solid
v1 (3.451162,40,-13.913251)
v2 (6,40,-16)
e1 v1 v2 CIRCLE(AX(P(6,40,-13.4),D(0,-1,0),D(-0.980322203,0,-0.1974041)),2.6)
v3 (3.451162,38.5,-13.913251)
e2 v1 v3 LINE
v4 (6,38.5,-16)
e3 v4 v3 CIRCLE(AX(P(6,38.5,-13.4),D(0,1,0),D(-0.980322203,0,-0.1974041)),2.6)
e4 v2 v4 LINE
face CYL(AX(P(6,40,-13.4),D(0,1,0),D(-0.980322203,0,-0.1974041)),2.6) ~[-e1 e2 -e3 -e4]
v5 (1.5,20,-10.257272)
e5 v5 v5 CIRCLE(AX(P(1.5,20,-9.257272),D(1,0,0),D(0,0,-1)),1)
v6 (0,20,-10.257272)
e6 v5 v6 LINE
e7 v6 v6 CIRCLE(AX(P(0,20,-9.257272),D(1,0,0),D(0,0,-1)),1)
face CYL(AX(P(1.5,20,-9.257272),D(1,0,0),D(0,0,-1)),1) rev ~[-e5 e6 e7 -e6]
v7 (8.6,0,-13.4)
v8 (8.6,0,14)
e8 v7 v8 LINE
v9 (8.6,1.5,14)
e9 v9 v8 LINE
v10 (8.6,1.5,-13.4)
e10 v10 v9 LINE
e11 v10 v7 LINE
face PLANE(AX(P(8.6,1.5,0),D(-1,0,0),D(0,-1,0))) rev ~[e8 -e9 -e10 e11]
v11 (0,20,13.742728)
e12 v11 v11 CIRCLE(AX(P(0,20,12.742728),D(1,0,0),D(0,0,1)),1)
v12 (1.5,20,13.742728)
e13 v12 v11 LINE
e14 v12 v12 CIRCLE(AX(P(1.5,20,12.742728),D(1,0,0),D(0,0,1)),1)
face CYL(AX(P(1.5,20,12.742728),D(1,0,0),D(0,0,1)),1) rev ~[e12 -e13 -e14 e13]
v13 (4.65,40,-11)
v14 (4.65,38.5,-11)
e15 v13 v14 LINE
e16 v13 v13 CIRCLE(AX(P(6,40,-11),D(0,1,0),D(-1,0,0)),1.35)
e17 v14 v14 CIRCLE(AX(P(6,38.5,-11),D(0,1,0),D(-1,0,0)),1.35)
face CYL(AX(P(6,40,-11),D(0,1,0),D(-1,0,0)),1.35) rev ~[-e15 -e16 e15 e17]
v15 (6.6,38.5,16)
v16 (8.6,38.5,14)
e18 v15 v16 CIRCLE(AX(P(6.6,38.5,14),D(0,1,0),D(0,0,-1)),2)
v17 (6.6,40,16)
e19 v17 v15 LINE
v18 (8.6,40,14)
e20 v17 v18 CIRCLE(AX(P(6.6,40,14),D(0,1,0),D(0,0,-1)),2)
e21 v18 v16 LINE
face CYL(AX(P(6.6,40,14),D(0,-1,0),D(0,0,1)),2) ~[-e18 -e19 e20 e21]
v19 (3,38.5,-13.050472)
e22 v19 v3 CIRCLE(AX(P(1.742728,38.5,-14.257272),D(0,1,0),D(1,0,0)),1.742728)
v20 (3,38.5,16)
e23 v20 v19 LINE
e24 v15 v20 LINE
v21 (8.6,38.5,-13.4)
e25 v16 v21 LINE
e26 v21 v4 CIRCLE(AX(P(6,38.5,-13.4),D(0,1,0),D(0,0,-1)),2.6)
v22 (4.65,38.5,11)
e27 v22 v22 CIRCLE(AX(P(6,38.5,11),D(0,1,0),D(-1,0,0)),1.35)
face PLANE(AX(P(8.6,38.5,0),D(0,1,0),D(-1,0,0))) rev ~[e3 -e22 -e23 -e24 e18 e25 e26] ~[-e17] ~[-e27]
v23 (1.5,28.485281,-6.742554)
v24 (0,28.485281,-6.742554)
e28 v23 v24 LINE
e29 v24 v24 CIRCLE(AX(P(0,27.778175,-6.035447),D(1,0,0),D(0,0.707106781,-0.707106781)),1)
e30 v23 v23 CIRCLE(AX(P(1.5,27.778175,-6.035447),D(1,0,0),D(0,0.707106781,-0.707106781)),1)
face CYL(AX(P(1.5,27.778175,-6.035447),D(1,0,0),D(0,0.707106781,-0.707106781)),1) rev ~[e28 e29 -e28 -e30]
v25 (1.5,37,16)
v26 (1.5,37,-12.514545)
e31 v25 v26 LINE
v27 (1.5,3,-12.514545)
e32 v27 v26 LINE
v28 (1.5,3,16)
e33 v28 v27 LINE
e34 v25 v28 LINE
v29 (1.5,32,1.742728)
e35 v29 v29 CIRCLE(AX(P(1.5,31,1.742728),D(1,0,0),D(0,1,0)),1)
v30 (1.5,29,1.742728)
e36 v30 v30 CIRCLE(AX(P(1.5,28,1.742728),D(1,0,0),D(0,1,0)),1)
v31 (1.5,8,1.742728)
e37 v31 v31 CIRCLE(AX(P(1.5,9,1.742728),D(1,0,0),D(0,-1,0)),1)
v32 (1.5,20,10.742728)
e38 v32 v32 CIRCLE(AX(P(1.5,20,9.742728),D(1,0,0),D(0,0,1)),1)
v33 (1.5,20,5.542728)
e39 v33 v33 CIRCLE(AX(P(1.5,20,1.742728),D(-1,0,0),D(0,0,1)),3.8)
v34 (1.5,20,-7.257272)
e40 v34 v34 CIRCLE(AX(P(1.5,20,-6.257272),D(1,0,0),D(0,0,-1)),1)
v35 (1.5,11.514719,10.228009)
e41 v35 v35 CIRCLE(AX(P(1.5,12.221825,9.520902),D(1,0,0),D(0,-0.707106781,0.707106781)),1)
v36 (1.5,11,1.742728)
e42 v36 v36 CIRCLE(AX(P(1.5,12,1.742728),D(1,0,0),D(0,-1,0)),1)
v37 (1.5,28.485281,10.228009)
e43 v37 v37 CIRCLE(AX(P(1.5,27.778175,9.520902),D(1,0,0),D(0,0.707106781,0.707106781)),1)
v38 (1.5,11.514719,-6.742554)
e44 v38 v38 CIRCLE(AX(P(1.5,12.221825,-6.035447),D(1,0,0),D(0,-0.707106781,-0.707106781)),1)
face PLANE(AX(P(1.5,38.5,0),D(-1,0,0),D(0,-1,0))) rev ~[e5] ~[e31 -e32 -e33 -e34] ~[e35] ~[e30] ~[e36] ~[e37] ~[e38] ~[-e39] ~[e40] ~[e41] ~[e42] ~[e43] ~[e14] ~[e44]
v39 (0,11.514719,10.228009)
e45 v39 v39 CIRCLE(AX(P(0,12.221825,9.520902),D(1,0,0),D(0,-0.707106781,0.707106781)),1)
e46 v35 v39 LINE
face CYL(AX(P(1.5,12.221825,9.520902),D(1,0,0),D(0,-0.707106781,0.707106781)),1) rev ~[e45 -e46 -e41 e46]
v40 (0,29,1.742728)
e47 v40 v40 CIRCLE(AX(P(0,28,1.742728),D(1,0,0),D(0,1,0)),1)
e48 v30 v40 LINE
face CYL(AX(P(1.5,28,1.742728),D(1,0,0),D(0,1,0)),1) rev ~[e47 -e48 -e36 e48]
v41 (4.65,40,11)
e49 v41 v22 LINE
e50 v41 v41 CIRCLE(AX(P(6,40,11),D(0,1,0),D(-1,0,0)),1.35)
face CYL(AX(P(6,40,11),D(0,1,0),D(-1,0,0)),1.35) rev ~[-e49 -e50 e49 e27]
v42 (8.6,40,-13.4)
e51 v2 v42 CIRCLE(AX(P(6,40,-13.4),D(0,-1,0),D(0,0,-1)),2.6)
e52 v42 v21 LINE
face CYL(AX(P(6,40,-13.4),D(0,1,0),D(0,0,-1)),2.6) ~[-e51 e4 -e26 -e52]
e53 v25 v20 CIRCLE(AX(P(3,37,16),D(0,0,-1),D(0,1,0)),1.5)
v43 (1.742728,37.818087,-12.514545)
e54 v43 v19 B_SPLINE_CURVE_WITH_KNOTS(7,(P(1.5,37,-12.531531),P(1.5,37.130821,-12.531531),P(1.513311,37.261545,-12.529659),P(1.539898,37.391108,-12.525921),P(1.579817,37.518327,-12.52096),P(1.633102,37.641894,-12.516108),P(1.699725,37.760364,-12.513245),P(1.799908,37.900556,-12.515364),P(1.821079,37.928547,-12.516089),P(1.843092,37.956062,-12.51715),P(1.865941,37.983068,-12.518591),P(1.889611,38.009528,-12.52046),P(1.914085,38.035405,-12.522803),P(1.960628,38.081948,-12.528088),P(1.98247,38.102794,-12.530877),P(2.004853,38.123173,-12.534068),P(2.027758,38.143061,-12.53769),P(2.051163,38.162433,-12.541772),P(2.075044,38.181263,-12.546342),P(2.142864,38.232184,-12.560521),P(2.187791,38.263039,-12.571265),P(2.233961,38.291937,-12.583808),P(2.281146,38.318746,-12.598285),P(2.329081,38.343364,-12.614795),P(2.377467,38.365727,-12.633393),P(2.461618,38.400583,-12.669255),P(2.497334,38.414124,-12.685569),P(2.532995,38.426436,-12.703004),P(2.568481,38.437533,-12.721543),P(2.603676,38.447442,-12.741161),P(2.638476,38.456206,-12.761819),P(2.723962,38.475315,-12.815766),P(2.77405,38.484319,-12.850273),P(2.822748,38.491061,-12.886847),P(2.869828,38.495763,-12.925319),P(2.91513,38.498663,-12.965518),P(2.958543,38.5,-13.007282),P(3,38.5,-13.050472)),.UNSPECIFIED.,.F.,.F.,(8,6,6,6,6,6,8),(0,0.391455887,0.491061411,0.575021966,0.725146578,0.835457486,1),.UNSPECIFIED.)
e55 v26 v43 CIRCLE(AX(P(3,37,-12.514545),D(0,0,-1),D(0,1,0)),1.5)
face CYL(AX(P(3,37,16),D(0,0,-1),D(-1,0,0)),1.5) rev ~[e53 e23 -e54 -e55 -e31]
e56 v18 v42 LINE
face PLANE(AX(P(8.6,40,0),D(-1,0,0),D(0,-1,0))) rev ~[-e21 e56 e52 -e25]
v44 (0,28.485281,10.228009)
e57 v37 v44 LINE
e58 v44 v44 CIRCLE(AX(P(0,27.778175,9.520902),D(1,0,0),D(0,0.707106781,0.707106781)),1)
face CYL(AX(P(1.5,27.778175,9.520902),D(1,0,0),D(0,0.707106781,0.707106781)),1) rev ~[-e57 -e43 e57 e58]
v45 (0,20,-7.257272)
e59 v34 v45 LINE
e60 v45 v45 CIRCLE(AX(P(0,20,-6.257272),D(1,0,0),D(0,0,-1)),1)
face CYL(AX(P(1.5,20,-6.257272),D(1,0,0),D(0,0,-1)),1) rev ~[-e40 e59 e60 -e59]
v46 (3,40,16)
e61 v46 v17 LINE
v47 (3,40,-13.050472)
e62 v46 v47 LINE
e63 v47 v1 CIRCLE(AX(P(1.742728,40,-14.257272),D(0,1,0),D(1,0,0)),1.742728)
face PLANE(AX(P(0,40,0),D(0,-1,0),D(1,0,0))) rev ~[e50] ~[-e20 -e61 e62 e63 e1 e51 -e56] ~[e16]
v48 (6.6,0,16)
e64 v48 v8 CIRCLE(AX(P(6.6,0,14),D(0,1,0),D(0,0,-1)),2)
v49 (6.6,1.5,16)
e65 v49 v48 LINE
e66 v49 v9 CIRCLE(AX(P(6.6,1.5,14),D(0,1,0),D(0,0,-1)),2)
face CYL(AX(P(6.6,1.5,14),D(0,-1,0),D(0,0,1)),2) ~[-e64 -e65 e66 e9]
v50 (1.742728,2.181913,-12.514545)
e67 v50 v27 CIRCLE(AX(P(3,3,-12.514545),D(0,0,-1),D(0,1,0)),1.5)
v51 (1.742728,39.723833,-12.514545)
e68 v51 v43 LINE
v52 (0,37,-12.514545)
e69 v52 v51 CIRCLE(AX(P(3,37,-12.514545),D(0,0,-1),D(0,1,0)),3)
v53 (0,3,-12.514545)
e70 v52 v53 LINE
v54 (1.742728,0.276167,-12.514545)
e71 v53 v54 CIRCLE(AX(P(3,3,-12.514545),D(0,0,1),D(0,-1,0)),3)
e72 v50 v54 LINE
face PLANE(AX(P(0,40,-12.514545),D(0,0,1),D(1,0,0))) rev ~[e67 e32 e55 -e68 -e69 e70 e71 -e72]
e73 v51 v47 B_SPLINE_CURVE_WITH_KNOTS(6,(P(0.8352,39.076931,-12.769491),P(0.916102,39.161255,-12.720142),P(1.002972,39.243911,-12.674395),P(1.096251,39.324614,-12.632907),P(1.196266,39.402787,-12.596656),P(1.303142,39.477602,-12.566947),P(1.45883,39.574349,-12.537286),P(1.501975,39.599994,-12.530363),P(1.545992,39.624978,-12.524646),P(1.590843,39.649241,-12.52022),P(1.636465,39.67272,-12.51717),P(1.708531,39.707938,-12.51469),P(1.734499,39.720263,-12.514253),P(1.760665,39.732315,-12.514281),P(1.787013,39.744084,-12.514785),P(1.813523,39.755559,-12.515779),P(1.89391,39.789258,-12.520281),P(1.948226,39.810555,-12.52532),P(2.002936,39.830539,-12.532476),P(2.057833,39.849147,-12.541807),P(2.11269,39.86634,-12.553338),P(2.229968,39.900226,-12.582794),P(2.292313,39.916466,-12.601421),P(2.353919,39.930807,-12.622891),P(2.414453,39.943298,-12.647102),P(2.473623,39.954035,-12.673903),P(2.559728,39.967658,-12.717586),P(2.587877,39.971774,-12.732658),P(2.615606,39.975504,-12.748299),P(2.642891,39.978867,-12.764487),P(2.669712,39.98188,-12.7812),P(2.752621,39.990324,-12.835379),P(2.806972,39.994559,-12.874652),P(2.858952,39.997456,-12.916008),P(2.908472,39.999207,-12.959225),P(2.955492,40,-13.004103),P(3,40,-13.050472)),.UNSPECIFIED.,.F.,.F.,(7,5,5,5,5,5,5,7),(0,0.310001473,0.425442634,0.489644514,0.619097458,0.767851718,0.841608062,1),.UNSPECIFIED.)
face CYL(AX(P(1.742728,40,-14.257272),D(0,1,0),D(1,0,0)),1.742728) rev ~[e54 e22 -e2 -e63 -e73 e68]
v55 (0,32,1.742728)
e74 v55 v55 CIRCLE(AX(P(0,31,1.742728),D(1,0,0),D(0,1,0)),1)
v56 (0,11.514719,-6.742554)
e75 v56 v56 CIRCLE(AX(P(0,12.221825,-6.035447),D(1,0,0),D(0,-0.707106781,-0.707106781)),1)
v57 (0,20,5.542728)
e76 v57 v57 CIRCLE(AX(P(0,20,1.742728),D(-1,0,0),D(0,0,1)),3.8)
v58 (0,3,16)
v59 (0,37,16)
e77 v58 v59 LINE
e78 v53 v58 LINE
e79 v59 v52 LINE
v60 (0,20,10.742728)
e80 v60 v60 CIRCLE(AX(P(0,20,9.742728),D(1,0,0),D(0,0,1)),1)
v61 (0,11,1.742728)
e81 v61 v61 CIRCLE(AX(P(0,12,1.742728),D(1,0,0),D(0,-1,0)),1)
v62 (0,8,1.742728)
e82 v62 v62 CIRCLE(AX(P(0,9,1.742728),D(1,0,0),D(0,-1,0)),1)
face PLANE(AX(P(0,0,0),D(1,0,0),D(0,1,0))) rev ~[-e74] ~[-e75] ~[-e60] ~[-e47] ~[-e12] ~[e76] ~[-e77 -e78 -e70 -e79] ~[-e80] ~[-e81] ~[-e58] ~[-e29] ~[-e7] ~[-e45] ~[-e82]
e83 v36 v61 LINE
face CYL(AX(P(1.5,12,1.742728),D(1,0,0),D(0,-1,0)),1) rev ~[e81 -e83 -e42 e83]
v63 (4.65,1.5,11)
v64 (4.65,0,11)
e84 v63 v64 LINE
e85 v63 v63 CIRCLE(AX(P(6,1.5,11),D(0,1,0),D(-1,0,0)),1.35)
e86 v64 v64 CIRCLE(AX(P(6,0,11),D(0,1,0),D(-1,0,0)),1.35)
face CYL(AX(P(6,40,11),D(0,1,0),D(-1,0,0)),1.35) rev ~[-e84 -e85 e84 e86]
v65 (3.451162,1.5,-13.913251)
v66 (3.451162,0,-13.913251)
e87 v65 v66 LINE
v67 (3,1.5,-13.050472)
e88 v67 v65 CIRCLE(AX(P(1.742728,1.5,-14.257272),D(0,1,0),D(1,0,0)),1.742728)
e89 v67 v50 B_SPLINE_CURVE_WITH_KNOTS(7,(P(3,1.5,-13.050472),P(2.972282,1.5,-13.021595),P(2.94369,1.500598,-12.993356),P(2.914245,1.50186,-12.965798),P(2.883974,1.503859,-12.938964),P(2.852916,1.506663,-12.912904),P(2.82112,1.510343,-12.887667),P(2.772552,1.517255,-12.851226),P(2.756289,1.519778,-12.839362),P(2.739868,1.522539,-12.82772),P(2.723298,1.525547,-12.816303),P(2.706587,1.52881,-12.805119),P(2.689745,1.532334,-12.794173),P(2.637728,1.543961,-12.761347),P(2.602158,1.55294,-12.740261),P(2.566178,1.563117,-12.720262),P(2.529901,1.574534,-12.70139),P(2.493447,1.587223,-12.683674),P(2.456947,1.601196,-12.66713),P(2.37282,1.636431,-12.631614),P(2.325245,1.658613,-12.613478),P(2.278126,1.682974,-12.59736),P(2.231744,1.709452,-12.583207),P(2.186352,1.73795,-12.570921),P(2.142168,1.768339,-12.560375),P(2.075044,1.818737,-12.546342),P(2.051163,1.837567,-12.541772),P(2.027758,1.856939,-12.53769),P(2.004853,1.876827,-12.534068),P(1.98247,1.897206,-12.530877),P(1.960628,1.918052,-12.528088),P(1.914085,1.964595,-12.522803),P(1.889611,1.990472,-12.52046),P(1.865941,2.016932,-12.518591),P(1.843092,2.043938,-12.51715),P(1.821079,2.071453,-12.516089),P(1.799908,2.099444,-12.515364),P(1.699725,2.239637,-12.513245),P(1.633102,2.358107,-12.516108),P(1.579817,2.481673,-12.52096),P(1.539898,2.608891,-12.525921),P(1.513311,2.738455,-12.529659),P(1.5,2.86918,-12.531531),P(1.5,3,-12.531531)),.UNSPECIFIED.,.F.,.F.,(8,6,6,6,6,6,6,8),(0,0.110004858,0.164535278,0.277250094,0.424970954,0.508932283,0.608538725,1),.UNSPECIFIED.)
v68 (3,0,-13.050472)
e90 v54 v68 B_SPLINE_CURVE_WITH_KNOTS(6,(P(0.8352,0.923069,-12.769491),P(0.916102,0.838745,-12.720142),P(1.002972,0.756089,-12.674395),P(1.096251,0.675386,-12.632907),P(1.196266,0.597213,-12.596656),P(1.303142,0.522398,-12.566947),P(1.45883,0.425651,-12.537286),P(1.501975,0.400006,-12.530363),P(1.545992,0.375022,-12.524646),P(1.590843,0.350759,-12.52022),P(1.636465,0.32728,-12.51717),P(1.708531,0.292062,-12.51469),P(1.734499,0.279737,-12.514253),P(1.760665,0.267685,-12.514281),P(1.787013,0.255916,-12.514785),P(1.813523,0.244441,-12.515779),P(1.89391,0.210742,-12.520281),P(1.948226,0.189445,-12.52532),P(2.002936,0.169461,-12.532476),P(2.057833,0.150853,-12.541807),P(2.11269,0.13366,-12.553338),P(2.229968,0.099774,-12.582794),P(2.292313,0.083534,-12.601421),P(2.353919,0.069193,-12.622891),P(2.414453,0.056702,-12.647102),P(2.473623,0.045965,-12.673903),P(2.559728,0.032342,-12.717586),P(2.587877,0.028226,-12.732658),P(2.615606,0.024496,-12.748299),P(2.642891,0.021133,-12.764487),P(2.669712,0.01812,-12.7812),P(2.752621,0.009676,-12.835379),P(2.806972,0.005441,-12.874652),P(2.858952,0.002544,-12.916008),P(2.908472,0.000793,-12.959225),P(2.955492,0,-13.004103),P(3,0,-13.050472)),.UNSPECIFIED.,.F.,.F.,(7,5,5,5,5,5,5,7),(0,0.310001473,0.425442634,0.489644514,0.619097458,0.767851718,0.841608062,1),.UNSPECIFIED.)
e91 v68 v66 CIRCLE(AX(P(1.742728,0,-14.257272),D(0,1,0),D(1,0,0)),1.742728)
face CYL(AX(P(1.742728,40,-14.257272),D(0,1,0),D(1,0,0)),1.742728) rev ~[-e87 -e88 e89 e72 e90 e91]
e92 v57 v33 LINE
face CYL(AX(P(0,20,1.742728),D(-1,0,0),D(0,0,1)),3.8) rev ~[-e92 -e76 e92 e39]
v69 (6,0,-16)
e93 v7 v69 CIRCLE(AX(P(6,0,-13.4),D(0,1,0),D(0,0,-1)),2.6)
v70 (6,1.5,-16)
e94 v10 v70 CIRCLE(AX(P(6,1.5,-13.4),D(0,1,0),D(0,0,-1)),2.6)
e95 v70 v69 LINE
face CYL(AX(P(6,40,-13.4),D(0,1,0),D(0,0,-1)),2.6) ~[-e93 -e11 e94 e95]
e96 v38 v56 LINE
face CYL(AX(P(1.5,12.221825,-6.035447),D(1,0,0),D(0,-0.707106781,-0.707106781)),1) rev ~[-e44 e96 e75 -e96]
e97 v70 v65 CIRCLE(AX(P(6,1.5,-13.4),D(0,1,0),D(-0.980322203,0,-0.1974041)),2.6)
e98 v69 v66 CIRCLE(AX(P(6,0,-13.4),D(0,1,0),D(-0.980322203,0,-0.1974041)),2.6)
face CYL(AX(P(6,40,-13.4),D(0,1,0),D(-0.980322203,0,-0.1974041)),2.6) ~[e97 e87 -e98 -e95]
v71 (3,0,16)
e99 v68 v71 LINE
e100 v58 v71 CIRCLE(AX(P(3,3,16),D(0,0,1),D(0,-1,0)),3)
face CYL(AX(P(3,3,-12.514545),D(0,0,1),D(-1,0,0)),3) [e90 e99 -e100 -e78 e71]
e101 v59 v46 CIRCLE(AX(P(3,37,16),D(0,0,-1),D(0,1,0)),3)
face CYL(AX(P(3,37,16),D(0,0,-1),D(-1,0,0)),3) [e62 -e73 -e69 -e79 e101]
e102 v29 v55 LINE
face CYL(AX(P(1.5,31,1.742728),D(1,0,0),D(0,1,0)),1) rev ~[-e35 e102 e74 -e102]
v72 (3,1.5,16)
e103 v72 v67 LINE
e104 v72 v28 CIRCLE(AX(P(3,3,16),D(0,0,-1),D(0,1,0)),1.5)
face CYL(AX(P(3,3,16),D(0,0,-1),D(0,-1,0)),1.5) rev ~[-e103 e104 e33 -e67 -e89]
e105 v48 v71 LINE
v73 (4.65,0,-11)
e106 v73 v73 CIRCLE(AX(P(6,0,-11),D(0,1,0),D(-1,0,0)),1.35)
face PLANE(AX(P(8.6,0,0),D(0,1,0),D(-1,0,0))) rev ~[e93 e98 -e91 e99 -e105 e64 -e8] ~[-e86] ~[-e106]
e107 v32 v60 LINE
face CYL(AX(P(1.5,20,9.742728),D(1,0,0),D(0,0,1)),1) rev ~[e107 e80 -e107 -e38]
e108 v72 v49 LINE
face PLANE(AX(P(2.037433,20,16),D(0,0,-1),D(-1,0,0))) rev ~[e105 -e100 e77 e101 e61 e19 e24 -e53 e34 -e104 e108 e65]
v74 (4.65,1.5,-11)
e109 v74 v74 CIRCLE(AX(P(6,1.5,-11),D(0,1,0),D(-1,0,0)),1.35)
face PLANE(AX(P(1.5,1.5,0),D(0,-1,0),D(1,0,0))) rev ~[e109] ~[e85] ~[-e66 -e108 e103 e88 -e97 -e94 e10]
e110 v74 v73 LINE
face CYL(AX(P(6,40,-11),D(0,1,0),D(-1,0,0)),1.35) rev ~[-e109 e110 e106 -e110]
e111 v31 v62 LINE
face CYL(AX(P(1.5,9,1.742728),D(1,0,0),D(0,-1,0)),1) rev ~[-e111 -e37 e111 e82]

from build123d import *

# Parameters (mm, degrees)
BOSS_EXTRUDE1_DEPTH = 16
SKETCH2_R           = 1.35
CUT_EXTRUDE1_DEPTH  = 44.931310019
SKETCH4_R           = 1.742727666
CUT_EXTRUDE3_DEPTH  = 44.931310019
SKETCH3_R           = 3.8
CUT_EXTRUDE2_DEPTH  = 44.931310019
FILLET1_R           = 3
FILLET2_R           = 2
FILLET3_R           = 1.5
CUT_EXTRUDE4_REACH  = 45.662
SKETCH5_R           = 1
CIRPATTERN1_COUNT   = 8
SKETCH6_R           = 1
CUT_EXTRUDE5_DEPTH  = 44.662455396
CIRPATTERN2_COUNT   = 4


with BuildPart() as part:
    # Sketch1 → Boss-Extrude1 (new, symmetric)
    with BuildSketch(Plane.XY):
        Polygon((0, 0), (0, 40), (8.6, 40), (8.6, 38.5), (1.5, 38.5), (1.5, 1.5), (8.6, 1.5), (8.6, 0), align=None)
    extrude(amount=BOSS_EXTRUDE1_DEPTH, both=True)

    # Sketch2 → Cut-Extrude1 (cut, through all)
    with BuildSketch(Plane(origin=(0, 40, 0), x_dir=(1, 0, 0), z_dir=(0, 1, 0))):
        with Locations(Location((6, 11, 0), (0, 0, 180))):
            Circle(SKETCH2_R)
        with Locations(Location((6, -11, 0), (0, 0, 180))):
            Circle(SKETCH2_R)
    extrude(amount=-CUT_EXTRUDE1_DEPTH, mode=Mode.SUBTRACT)

    # Sketch4 → Cut-Extrude3 (cut, through all)
    with BuildSketch(Plane(origin=(0, 40, 0), x_dir=(1, 0, 0), z_dir=(0, 1, 0))):
        with BuildLine():
            Line((8.6, 16), (6, 16))
            ThreePointArc((6, 16), (7.838477631, 15.238477631), (8.6, 13.4))
            Line((8.6, 13.4), (8.6, 16))
        make_face()
        Polygon((0, 18.566066505), (0, 16), (1.742727666, 16), (6, 16), (8.6, 16), (8.6, 13.4), (10.428656455, 13.4), (10.428656455, 18.566066505), align=None)
        with BuildLine():
            ThreePointArc((3.485455332, 14.257272334), (3.476860875, 14.084409002), (3.451162273, 13.91325066))
            ThreePointArc((3.451162273, 13.91325066), (4.352949866, 15.41177182), (6, 16))
            Line((6, 16), (1.742727666, 16))
            ThreePointArc((1.742727666, 16), (2.975022216, 15.489566884), (3.485455332, 14.257272334))
        make_face()
        with Locations((1.742727666, 14.257272334)):
            Circle(SKETCH4_R)
        with BuildLine():
            Line((0, 16), (0, 14.257272334))
            ThreePointArc((0, 14.257272334), (0.510433116, 15.489566884), (1.742727666, 16))
            Line((1.742727666, 16), (0, 16))
        make_face()
        with BuildLine():
            Line((0, 12.514544668), (1.742727666, 12.514544668))
            ThreePointArc((1.742727666, 12.514544668), (0.510433116, 13.024977784), (0, 14.257272334))
            Line((0, 14.257272334), (0, 12.514544668))
        make_face()
    extrude(amount=-CUT_EXTRUDE3_DEPTH, mode=Mode.SUBTRACT)

    # Sketch3 → Cut-Extrude2 (cut, through all)
    with BuildSketch(Plane.ZY):
        with Locations((1.742727666, 20)):
            Circle(SKETCH3_R)
    extrude(amount=-CUT_EXTRUDE2_DEPTH, mode=Mode.SUBTRACT)

    # Fillet1
    fillet1_edges = [part.edges().sort_by_distance(p)[0] for p in [
        (0, 0, 1.742727666),
        (0, 40, 1.742727666),
    ]]
    fillet(fillet1_edges, radius=FILLET1_R)

    # Fillet2
    fillet2_edges = [part.edges().sort_by_distance(p)[0] for p in [
        (8.6, 39.25, 16),
        (8.6, 0.75, 16),
    ]]
    fillet(fillet2_edges, radius=FILLET2_R)

    # Fillet3
    fillet3_edges = [part.edges().sort_by_distance(p)[0] for p in [
        (1.5, 1.5, 1.742727666),
        (1.5, 38.5, 1.742727666),
    ]]
    fillet(fillet3_edges, radius=FILLET3_R)

    # Sketch5 → Cut-Extrude4 (cut, up to next)
    with BuildSketch(Plane(origin=(1.5, 0, 0), x_dir=(0, 0, -1), z_dir=(1, 0, 0)), mode=Mode.PRIVATE) as cut_extrude4_sk1:
        with Locations(Location((-1.742727666, 31, 0), (0, 0, 90))):
            Circle(SKETCH5_R)
    cut_extrude4_tool1 = extrude(cut_extrude4_sk1.sketch, amount=-CUT_EXTRUDE4_REACH, mode=Mode.PRIVATE) & part.part
    cut_extrude4 = cut_extrude4_tool1.solids().sort_by_distance((1.5, 31, 1.742728))[0]
    add(cut_extrude4, mode=Mode.SUBTRACT)

    # CirPattern1: Cut-Extrude4 ×8 about axis
    cirpattern1_axis = Axis((0, 20, 1.742727666), (1, 0, 0))
    for i in range(1, CIRPATTERN1_COUNT):
        add(cut_extrude4.rotate(cirpattern1_axis, i * 360 / CIRPATTERN1_COUNT), mode=Mode.SUBTRACT)

    # Sketch6 → Cut-Extrude5 (cut, through all)
    with BuildSketch(Plane(origin=(1.5, 0, 0), x_dir=(0, 0, -1), z_dir=(1, 0, 0))):
        with Locations(Location((-1.742727666, 28, 0), (0, 0, 90))):
            Circle(SKETCH6_R)
    cut_extrude5 = extrude(amount=-CUT_EXTRUDE5_DEPTH, mode=Mode.SUBTRACT)

    # CirPattern2: Cut-Extrude5 ×4 about axis
    cirpattern2_axis = Axis((0, 20, 1.742727666), (1, 0, 0))
    for i in range(1, CIRPATTERN2_COUNT):
        add(cut_extrude5.rotate(cirpattern2_axis, i * 360 / CIRPATTERN2_COUNT), mode=Mode.SUBTRACT)


solid = part.part
